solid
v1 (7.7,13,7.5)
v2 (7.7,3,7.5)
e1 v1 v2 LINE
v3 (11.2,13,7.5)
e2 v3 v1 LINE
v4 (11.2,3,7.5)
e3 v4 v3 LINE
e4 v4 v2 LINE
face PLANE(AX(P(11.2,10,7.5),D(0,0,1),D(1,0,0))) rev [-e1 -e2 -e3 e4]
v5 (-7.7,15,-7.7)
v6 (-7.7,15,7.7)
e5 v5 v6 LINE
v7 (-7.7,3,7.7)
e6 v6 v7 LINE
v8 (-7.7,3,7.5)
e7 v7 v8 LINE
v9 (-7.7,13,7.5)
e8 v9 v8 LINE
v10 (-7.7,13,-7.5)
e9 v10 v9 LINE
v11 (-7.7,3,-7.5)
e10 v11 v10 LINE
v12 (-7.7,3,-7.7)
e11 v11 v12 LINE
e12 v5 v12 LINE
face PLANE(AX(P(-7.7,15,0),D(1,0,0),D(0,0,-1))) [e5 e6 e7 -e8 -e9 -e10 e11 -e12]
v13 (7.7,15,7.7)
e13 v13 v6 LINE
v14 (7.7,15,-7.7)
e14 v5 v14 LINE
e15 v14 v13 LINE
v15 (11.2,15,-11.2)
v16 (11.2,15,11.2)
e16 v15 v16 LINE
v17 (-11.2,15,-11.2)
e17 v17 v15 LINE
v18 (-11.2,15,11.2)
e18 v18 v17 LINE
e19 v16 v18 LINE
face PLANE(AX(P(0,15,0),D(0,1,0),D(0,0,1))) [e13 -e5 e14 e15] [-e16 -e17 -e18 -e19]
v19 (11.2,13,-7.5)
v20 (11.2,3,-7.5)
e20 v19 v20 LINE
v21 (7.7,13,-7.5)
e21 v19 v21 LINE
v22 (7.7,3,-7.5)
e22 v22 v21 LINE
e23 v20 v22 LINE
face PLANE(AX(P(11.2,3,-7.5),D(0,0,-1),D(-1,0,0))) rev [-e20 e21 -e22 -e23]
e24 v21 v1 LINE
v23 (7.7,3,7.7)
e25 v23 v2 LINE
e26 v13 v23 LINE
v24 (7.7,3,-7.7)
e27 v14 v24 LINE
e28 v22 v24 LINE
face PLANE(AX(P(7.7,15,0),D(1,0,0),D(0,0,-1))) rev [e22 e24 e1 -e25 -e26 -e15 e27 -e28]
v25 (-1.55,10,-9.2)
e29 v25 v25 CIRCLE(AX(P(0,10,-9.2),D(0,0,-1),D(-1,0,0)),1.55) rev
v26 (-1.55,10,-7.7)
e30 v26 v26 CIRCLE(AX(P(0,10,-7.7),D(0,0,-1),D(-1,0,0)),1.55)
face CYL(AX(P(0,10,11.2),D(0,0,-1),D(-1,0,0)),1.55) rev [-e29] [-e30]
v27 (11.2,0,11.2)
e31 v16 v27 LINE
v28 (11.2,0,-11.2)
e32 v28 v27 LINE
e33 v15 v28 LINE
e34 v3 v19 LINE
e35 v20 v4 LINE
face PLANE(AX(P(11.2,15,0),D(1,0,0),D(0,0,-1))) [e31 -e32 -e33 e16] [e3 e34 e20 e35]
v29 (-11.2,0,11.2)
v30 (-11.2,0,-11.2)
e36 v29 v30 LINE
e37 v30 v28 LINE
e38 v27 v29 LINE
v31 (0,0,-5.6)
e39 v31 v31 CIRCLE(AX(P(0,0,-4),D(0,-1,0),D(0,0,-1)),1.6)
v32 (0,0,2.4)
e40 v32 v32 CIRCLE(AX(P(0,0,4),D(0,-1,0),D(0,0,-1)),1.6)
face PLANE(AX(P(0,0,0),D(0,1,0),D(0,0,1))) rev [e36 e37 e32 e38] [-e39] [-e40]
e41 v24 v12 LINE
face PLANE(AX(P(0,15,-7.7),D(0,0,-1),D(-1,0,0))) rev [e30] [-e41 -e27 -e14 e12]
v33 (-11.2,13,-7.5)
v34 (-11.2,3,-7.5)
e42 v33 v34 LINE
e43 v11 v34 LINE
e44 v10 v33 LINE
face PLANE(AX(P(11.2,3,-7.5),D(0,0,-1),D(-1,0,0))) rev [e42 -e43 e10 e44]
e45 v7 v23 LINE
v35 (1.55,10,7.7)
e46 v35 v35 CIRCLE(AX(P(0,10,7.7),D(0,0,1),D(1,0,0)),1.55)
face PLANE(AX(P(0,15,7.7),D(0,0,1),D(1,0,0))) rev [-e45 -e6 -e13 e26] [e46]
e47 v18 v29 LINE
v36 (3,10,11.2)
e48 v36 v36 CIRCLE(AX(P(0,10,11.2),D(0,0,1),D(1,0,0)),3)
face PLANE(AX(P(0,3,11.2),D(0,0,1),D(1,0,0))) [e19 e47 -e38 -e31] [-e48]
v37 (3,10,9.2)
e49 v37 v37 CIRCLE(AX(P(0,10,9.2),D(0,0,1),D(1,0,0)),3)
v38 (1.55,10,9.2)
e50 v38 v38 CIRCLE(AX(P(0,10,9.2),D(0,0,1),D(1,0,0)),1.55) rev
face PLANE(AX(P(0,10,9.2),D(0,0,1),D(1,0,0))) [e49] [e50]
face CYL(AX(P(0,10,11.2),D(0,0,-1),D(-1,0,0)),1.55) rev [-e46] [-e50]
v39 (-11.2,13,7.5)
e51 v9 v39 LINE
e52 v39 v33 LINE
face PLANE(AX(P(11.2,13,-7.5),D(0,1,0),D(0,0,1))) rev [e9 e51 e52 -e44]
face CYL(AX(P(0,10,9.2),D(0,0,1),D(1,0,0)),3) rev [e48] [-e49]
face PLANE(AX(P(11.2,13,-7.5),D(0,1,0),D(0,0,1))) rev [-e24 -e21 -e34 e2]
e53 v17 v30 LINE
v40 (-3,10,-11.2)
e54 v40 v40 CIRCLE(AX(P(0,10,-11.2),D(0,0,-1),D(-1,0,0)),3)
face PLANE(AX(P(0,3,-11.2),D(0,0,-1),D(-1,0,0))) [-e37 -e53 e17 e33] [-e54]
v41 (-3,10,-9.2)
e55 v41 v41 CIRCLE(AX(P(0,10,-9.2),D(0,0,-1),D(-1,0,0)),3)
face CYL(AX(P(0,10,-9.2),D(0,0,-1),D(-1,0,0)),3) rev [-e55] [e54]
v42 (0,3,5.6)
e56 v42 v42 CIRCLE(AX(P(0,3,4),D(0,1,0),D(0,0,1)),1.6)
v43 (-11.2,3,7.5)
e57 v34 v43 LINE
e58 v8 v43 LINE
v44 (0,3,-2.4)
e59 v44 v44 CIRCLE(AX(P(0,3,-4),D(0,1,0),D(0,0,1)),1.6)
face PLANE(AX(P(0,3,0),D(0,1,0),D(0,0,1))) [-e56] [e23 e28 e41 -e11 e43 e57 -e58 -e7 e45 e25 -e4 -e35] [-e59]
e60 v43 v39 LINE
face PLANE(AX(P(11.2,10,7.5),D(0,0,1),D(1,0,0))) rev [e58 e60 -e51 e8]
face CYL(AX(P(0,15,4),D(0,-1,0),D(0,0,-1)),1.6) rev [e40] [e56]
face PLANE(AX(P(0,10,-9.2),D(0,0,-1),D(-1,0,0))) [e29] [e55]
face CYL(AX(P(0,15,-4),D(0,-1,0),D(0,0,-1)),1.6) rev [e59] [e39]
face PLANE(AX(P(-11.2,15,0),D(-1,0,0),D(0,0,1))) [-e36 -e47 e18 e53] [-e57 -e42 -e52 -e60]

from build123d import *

# Parameters (mm, degrees)
SKETCH_1_W          = 15.4
SKETCH_1_H          = 22.4
EXTRUDE_2_DEPTH     = 3
SKETCH_1_4_W        = 15.4
SKETCH_1_4_H        = 3.5
EXTRUDE_3_DEPTH     = 5
EXTRUDE_3_2_DEPTH   = 5
SKETCH_1_5_W        = 22.4
SKETCH_1_5_H        = 22.4
SKETCH_1_5_W_2      = 15.4
SKETCH_1_5_H_2      = 15.4
EXTRUDE_4_DEPTH     = 15
SKETCH_3_R          = 1.55
CUT_EXTRUDE_2_DEPTH = 37.042752392
SKETCH_9_R          = 1.6
CUT_EXTRUDE_6_DEPTH = 22.81467396
SKETCH_10_R         = 3
CUT_EXTRUDE_7_DEPTH = 2
CUT_EXTRUDE_START   = -2
SKETCH_11_R         = 3
CUT_EXTRUDE_8_DEPTH = 2
CUT_EXTRUDE_9_DEPTH = 30.192464781


with BuildPart() as part:
    # 草图1 → 凸台-拉伸2 (new body)
    with BuildSketch(Plane(origin=(0, 0, 0), x_dir=(1, 0, 0), z_dir=(0, 1, 0))):
        Rectangle(SKETCH_1_W, SKETCH_1_H)
    extrude(amount=EXTRUDE_2_DEPTH)



with BuildPart() as body_2:
    # 草图1<4> → 凸台-拉伸3 (new body)
    with BuildSketch(Plane(origin=(0, 0, 0), x_dir=(1, 0, 0), z_dir=(0, 1, 0))):
        with Locations((0, 9.45)):
            Rectangle(SKETCH_1_4_W, SKETCH_1_4_H)
    extrude(amount=EXTRUDE_3_DEPTH)


with BuildPart() as body_3:
    # 草图1<4> → Extrude 3 2 (new body)
    with BuildSketch(Plane(origin=(0, 0, 0), x_dir=(1, 0, 0), z_dir=(0, 1, 0))):
        with Locations((0, -9.45)):
            Rectangle(SKETCH_1_4_W, SKETCH_1_4_H)
    extrude(amount=EXTRUDE_3_2_DEPTH)


with BuildPart() as part_1:
    add(part.part)

    add(body_2.part)  # 凸台-拉伸4 merges body 2

    add(body_3.part)  # 凸台-拉伸4 merges body 3
    # 草图1<5> → 凸台-拉伸4 (add)
    with BuildSketch(Plane(origin=(0, 0, 0), x_dir=(1, 0, 0), z_dir=(0, 1, 0))):
        Rectangle(SKETCH_1_5_W, SKETCH_1_5_H)
        Rectangle(SKETCH_1_5_W_2, SKETCH_1_5_H_2, mode=Mode.SUBTRACT)
    extrude(amount=EXTRUDE_4_DEPTH)

    # 草图3 → 切除-拉伸2 (cut, through all)
    with BuildSketch(Plane(origin=(0, 0, -19.6), x_dir=(-1, 0, 0), z_dir=(0, 0, -1))):
        with Locations((0, 10)):
            Circle(SKETCH_3_R)
    extrude(amount=-CUT_EXTRUDE_2_DEPTH, mode=Mode.SUBTRACT)

    # 草图9 → 切除-拉伸6 (cut, through all)
    with BuildSketch(Plane.XZ):
        with Locations((0, 4)):
            Circle(SKETCH_9_R)
        with Locations((0, -4)):
            Circle(SKETCH_9_R)
    extrude(amount=-CUT_EXTRUDE_6_DEPTH, mode=Mode.SUBTRACT)

    # 草图10 → 切除-拉伸7 (cut)
    with BuildSketch(Plane(origin=(0, 0, -11.2), x_dir=(-1, 0, 0), z_dir=(0, 0, -1))):
        with Locations((0, 10)):
            Circle(SKETCH_10_R)
    extrude(amount=-CUT_EXTRUDE_7_DEPTH, mode=Mode.SUBTRACT)

    # 草图11 → 切除-拉伸8 (cut)
    with BuildSketch(Plane.XY.offset(11.2).offset(CUT_EXTRUDE_START)):
        with Locations((0, 10)):
            Circle(SKETCH_11_R)
    extrude(amount=CUT_EXTRUDE_8_DEPTH, mode=Mode.SUBTRACT)

    # 草图8 → 切除-拉伸9 (cut, through all)
    with BuildSketch(Plane.ZY.offset(11.2)):
        Polygon((7.5, 10), (7.5, 3), (0, 3), (-7.5, 3), (-7.5, 13), (7.5, 13), align=None)
    extrude(amount=-CUT_EXTRUDE_9_DEPTH, mode=Mode.SUBTRACT)


solid = part_1.part
